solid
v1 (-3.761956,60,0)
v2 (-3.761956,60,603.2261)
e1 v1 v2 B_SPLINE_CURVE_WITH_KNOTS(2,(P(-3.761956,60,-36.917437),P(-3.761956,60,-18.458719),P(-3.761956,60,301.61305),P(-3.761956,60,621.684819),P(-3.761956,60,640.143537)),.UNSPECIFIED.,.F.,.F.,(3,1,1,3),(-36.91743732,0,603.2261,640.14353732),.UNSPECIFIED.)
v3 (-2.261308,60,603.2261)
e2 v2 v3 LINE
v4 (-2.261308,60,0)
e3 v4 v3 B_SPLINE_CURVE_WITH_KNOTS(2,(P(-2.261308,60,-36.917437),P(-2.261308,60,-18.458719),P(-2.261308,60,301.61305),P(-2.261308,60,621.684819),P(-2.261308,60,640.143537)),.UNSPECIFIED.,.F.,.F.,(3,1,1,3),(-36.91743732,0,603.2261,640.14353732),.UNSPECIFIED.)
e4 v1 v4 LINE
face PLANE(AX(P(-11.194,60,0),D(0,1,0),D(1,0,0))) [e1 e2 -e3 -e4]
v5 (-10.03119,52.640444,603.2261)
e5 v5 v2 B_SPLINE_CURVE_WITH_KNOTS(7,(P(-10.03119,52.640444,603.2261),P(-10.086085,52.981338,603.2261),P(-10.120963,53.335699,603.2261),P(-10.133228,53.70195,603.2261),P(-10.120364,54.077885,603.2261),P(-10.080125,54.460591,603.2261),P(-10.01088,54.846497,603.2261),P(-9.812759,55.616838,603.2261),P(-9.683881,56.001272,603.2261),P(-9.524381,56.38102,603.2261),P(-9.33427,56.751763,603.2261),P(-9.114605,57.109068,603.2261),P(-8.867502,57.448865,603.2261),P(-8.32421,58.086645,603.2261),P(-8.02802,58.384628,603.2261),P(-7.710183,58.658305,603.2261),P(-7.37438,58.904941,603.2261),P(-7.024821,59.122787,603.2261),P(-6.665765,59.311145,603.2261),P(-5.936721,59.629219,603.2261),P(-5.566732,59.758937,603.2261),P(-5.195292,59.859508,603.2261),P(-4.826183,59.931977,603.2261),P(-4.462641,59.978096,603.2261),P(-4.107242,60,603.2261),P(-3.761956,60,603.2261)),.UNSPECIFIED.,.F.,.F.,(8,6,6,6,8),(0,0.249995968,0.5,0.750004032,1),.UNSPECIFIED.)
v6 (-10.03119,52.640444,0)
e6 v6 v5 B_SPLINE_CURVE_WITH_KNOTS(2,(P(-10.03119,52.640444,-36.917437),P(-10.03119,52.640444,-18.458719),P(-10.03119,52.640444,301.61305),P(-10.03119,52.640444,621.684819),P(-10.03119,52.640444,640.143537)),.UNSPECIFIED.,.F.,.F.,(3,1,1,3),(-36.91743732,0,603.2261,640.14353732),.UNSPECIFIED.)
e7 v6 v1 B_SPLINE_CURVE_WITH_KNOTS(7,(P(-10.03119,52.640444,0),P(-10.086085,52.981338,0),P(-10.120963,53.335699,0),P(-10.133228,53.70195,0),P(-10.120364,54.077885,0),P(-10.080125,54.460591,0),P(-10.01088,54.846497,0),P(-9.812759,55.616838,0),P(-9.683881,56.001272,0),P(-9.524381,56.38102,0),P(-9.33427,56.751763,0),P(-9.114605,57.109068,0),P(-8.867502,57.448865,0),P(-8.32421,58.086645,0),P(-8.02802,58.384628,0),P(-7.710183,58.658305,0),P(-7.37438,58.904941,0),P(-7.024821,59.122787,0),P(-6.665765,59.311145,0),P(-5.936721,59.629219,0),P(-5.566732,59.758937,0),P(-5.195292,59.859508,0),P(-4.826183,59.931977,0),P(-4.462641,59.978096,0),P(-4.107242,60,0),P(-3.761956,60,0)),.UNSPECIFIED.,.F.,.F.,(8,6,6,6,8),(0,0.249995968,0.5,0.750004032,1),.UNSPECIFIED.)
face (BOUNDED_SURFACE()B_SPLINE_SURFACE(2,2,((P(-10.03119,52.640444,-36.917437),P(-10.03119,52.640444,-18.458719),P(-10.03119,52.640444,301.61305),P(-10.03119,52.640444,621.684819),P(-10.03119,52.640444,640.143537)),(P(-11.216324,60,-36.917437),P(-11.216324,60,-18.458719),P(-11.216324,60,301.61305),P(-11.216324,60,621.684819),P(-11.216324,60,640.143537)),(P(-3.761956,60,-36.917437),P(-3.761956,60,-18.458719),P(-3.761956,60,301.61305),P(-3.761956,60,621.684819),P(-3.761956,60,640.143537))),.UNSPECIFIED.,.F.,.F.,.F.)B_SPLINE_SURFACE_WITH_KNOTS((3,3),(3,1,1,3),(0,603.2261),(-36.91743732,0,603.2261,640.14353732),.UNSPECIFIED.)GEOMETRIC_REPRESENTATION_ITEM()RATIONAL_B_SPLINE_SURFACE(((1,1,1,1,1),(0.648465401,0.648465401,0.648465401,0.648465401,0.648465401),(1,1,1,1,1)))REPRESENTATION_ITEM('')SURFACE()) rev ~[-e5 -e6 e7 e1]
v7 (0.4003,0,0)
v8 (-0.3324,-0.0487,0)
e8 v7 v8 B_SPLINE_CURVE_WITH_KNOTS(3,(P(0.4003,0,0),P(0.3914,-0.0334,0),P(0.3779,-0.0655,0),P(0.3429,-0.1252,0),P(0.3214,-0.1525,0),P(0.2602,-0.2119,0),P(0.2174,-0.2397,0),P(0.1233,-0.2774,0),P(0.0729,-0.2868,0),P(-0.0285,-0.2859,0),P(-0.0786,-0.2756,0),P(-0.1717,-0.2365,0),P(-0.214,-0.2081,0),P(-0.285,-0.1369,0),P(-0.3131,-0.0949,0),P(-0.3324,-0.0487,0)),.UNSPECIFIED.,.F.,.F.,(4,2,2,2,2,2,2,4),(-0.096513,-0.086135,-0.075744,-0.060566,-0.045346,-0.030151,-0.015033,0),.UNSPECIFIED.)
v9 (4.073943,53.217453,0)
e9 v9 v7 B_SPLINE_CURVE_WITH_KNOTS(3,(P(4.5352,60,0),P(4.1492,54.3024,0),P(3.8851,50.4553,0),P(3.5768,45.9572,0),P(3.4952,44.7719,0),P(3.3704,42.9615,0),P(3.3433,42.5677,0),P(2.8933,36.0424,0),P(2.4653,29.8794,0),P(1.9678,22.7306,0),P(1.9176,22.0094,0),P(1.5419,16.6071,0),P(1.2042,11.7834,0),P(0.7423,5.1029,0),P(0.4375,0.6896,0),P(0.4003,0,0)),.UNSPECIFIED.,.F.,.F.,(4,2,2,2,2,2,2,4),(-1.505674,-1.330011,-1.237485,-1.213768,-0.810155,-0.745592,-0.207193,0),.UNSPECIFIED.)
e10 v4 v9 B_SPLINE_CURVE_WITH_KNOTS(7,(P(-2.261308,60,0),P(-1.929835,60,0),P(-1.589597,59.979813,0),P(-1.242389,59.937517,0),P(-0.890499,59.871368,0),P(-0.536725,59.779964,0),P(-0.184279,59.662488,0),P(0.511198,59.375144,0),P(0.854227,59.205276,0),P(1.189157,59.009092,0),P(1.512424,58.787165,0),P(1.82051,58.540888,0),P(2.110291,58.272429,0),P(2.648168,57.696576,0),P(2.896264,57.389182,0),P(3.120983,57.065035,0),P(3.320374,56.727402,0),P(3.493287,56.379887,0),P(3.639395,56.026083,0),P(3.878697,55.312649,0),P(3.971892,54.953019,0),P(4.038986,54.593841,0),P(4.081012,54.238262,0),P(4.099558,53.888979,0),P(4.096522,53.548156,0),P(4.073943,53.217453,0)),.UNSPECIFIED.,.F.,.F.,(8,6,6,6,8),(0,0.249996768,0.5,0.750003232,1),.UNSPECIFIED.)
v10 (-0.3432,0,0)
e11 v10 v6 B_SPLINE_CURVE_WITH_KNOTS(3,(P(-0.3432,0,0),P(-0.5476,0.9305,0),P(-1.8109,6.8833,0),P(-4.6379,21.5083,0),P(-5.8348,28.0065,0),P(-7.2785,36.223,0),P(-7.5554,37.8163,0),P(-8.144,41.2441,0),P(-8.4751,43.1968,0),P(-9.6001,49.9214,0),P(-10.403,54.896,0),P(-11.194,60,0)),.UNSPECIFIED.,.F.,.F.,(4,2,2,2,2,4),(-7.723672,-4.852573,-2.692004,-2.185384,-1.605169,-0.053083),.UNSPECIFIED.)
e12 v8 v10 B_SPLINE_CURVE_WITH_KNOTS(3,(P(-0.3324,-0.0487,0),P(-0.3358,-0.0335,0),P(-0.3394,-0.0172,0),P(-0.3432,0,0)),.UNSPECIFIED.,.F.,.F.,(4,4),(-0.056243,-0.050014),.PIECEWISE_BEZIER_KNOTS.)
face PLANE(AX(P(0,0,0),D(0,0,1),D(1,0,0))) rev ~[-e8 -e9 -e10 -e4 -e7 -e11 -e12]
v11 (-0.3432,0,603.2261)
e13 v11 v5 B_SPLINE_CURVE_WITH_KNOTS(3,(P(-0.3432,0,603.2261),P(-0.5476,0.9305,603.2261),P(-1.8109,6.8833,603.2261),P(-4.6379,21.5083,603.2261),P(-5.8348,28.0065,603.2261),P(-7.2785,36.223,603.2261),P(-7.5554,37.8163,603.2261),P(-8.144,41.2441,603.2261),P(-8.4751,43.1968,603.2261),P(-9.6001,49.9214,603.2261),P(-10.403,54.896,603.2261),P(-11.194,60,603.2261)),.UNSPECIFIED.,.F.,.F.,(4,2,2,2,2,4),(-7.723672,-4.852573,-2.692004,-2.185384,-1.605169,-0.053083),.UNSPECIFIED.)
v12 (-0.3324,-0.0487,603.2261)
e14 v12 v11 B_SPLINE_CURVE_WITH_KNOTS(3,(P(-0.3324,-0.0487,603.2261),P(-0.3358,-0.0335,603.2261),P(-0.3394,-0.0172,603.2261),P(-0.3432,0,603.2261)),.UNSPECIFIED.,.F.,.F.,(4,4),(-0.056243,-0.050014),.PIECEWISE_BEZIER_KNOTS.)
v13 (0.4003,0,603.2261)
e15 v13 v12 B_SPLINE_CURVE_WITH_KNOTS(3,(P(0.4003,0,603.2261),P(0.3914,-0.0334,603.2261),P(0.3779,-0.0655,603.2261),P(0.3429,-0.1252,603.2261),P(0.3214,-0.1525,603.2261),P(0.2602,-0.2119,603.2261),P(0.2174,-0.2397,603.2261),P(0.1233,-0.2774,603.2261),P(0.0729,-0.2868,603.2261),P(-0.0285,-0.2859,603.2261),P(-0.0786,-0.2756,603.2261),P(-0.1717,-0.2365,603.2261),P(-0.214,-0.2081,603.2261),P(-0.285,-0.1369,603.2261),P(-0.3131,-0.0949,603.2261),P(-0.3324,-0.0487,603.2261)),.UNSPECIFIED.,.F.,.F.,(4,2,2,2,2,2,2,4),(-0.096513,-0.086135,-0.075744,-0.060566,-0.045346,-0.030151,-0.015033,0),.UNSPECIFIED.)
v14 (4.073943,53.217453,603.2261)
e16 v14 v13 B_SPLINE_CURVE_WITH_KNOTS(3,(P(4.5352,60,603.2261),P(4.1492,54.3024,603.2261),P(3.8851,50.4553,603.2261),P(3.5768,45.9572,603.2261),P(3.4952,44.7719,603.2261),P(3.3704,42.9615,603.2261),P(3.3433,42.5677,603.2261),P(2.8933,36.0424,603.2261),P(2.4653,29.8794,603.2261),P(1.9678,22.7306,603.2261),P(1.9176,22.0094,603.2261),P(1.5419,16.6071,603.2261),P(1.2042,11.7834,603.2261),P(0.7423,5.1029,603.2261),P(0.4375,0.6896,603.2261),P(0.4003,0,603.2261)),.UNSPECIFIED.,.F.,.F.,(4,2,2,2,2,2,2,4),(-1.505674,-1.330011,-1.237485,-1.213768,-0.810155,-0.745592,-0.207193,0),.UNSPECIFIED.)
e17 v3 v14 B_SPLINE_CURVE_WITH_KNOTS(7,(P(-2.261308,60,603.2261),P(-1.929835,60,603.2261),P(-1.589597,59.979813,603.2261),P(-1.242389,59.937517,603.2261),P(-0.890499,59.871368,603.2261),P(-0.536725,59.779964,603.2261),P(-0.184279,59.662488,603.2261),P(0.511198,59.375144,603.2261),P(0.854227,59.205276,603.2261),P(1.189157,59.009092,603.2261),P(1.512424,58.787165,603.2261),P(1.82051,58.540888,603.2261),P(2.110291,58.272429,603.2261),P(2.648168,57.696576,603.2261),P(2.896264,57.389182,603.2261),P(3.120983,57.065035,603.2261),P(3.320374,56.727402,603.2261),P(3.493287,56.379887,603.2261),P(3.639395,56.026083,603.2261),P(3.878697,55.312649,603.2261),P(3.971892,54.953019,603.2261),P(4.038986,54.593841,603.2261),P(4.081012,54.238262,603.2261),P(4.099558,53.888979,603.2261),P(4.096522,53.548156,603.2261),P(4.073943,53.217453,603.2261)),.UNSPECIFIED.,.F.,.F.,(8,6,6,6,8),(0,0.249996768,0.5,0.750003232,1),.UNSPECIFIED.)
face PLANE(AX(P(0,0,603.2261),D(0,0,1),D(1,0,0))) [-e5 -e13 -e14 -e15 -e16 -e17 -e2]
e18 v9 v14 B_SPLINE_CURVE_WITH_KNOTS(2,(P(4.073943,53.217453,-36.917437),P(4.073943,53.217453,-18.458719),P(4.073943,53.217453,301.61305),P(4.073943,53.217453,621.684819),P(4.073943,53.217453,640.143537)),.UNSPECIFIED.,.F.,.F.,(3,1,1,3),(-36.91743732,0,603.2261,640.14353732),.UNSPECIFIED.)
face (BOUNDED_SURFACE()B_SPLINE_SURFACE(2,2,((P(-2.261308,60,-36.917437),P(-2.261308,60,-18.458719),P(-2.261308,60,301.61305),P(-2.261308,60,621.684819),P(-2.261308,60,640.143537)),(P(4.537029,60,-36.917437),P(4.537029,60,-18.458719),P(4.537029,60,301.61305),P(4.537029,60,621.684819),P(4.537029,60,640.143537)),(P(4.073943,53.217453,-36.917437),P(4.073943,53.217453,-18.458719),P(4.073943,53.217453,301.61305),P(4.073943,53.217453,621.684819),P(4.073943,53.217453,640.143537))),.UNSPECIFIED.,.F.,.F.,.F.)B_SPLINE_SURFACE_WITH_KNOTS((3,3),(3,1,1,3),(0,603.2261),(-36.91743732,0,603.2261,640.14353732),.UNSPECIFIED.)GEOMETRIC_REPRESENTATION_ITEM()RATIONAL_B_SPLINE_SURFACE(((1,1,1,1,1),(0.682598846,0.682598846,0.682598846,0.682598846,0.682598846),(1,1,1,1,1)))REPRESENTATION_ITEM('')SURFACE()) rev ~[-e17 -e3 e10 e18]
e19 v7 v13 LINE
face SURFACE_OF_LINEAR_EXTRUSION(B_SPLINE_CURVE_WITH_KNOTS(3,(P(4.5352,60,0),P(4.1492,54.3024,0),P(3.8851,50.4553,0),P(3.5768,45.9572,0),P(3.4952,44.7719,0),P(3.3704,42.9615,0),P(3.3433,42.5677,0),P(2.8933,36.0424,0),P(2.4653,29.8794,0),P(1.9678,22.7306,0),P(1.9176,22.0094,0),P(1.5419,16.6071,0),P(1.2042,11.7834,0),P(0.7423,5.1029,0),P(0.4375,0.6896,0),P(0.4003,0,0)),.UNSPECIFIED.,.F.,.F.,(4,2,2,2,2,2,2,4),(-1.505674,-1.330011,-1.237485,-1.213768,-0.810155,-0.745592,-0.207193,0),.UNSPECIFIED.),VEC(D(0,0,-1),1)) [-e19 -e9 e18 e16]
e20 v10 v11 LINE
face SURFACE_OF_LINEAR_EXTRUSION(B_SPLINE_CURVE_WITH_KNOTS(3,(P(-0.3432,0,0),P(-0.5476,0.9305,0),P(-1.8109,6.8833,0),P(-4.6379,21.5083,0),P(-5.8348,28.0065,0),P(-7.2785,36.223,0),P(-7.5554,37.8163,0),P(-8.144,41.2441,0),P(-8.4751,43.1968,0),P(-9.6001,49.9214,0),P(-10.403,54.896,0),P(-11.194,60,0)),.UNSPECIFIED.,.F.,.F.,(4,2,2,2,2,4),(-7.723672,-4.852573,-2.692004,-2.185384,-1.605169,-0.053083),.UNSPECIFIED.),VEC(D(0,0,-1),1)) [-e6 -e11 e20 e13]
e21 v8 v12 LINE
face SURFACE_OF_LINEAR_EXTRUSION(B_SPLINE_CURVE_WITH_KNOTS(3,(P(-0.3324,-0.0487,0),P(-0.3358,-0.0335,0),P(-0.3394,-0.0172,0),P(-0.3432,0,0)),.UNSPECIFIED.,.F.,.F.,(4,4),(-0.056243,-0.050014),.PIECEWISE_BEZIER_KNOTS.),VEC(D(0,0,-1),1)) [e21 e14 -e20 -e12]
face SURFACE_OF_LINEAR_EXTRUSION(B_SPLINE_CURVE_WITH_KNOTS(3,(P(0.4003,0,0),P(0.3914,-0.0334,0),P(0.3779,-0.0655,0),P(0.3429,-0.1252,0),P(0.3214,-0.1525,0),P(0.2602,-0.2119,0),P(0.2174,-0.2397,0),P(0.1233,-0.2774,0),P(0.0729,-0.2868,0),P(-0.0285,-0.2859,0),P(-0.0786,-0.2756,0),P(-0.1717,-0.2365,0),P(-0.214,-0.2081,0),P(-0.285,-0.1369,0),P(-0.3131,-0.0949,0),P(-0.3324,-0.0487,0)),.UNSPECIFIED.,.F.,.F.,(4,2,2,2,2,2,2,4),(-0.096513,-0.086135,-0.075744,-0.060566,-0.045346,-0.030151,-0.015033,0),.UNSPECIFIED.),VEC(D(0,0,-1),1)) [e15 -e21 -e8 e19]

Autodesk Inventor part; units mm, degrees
ref_plane "YZ Plane" through (0, 0, 0) normal (1, 0, 0) x (0, 1, 0)
ref_plane "XZ Plane" through (0, 0, 0) normal (0, 1, 0) x (-1, 0, 0)
ref_plane "Work Plane1" through (0, 0, 0) normal (0, 0, 1) x (1, 0, 0)
sketch "Sketch1" plane through (0, 0, 0) normal (0, 0, 1) x (1, 0, 0)
  spline S0 degree 3 poles (-0.3432, 0) (-0.5476, 0.9305) (-1.8109, 6.8833) (-4.6379, 21.5083) (-5.8348, 28.0065) (-7.2785, 36.223) (-7.5554, 37.8163) (-8.144, 41.2441) (-8.4751, 43.1968) (-9.6001, 49.9214) (-10.403, 54.896) (-11.194, 60) knots -7.723672 -7.723672 -7.723672 -7.723672 -4.852573 -4.852573 -2.692004 -2.692004 -2.185384 -2.185384 -1.605169 -1.605169 -0.053083 -0.053083 -0.053083 -0.053083 projected
  spline S1 degree 3 poles (-0.3324, -0.0487) (-0.3358, -0.0335) (-0.3394, -0.0172) (-0.3432, 0) knots -0.056243 -0.056243 -0.056243 -0.056243 -0.050014 -0.050014 -0.050014 -0.050014 projected
  spline S2 degree 3 poles (0.4003, 0) (0.3914, -0.0334) (0.3779, -0.0655) (0.3429, -0.1252) (0.3214, -0.1525) (0.2602, -0.2119) (0.2174, -0.2397) (0.1233, -0.2774) (0.0729, -0.2868) (-0.0285, -0.2859) (-0.0786, -0.2756) (-0.1717, -0.2365) (-0.214, -0.2081) (-0.285, -0.1369) (-0.3131, -0.0949) (-0.3324, -0.0487) knots -0.096513 -0.096513 -0.096513 -0.096513 -0.086135 -0.086135 -0.075744 -0.075744 -0.060566 -0.060566 -0.045346 -0.045346 -0.030151 -0.030151 -0.015033 -0.015033 0 0 0 0 projected
  spline S3 degree 3 poles (4.5352, 60) (4.1492, 54.3024) (3.8851, 50.4553) (3.5768, 45.9572) (3.4952, 44.7719) (3.3704, 42.9615) (3.3433, 42.5677) (2.8933, 36.0424) (2.4653, 29.8794) (1.9678, 22.7306) (1.9176, 22.0094) (1.5419, 16.6071) (1.2042, 11.7834) (0.7423, 5.1029) (0.4375, 0.6896) (0.4003, 0) knots -1.505674 -1.505674 -1.505674 -1.505674 -1.330011 -1.330011 -1.237485 -1.237485 -1.213768 -1.213768 -0.810155 -0.810155 -0.745592 -0.745592 -0.207193 -0.207193 0 0 0 0 projected
  line L0 (-11.194, 60) -> (4.5352, 60) projected
  point P0 (0, 0)
ref_plane "Work Plane2" through (-0.5511, 59.985, 603.2266) normal (-0.0007, 0, -1) x (-1, 0.0063, 0.0007)
sketch "Sketch2" plane through (-0.5511, 59.985, 603.2266) normal (-0.0007, 0, -1) x (-1, 0.0063, 0.0007)
  spline S0 degree 3 poles (10.5494, 0) (10.2293, -2.2481) (9.8995, -4.4964) (9.1887, -9.2246) (8.8031, -11.7217) (7.617, -19.2349) (6.7636, -24.413) (5.6798, -30.7739) (5.4357, -32.1924) (4.488, -37.646) (3.7345, -41.8662) (1.487, -53.9406) (0.6091, -57.9871) (0.1466, -60) knots -1.758139 -1.758139 -1.758139 -1.758139 -1.591949 -1.591949 -1.406575 -1.406575 -1.02993 -1.02993 -0.92277 -0.92277 -0.615604 -0.615604 -0.003901 -0.003901 -0.003901 -0.003901 projected
  line L0 (-4.5586, 0) -> (10.5494, 0) projected
  spline S1 degree 3 poles (-0.4384, -60) (-0.5115, -58.4166) (-0.6219, -56.3988) (-0.8889, -51.9428) (-1.0365, -49.6525) (-1.4591, -43.3117) (-1.7767, -38.8185) (-2.2573, -32.1106) (-2.4709, -29.16) (-2.7817, -24.8733) (-2.8913, -23.3626) (-3.3521, -17.0005) (-3.6389, -13.0261) (-3.987, -8.1315) (-4.0258, -7.5846) (-4.2301, -4.7006) (-4.3955, -2.346) (-4.5586, 0) knots -6.638256 -6.638256 -6.638256 -6.638256 -5.879486 -5.879486 -5.125599 -5.125599 -3.729436 -3.729436 -2.742881 -2.742881 -2.242014 -2.242014 -0.922307 -0.922307 -0.757416 -0.757416 -0.052368 -0.052368 -0.052368 -0.052368 projected
  spline S2 degree 3 poles (0.1378, -60.0383) (0.1276, -60.0613) (0.1145, -60.083) (0.0834, -60.1227) (0.0654, -60.1405) (0.0137, -60.1806) (-0.0226, -60.1987) (-0.1, -60.22) (-0.1405, -60.223) (-0.2203, -60.2134) (-0.2588, -60.2008) (-0.3286, -60.1618) (-0.3593, -60.1358) (-0.4088, -60.0736) (-0.4273, -60.0381) (-0.4384, -60) knots -0.075123 -0.075123 -0.075123 -0.075123 -0.067561 -0.067561 -0.059991 -0.059991 -0.047948 -0.047948 -0.035886 -0.035886 -0.023859 -0.023859 -0.011899 -0.011899 0 0 0 0 projected
  spline S3 degree 3 poles (0.1466, -60) (0.1437, -60.0128) (0.1407, -60.0255) (0.1378, -60.0383) knots -0.00392 -0.00392 -0.00392 -0.00392 0 0 0 0 projected
  point P0 (-1.322, -59.9791)
ref_plane "Work Plane3" through (0, 60, 0) normal (0, -1, 0) x (-1, 0, 0)
sketch "Sketch3" plane through (0, 60, 0) normal (0, -1, 0) x (-1, 0, 0)
  line L0 (-4.5585, -602.272) -> (10.5506, -602.272) projected
  spline S0 degree 3 poles (11.194, 0) (11.0061, -196.1225) (10.7842, -410.86) (10.5506, -602.272) knots -57.533814 -57.533814 -57.533814 -57.533814 -0.145819 -0.145819 -0.145819 -0.145819 projected
  line L1 (11.194, 0) -> (-4.5352, 0) projected
  spline S1 degree 3 poles (-4.5585, -602.272) (-4.5373, -395.7385) (-4.5305, -201.8279) (-4.5352, 0) knots -60.602558 -60.602558 -60.602558 -60.602558 -0.050245 -0.050245 -0.050245 -0.050245 projected
  point P0 (0, 0)
ref_plane "Work Plane4" through (0, 0, 0) normal (0, 0, 1) x (1, 0, 0)
sketch "Sketch4" plane through (0, 0, 0) normal (0, 0, 1) x (1, 0, 0)
  spline S0 degree 3 poles (-0.3432, 0) (-0.5476, 0.9305) (-1.8109, 6.8833) (-4.6379, 21.5083) (-5.8348, 28.0065) (-7.2785, 36.223) (-7.5554, 37.8163) (-8.144, 41.2441) (-8.4751, 43.1968) (-9.6001, 49.9214) (-10.403, 54.896) (-11.194, 60) knots -7.723672 -7.723672 -7.723672 -7.723672 -4.852573 -4.852573 -2.692004 -2.692004 -2.185384 -2.185384 -1.605169 -1.605169 -0.053083 -0.053083 -0.053083 -0.053083 projected
  spline S1 degree 3 poles (-0.3324, -0.0487) (-0.3358, -0.0335) (-0.3394, -0.0172) (-0.3432, 0) knots -0.056243 -0.056243 -0.056243 -0.056243 -0.050014 -0.050014 -0.050014 -0.050014 projected
  spline S2 degree 3 poles (0.4003, 0) (0.3914, -0.0334) (0.3779, -0.0655) (0.3429, -0.1252) (0.3214, -0.1525) (0.2602, -0.2119) (0.2174, -0.2397) (0.1233, -0.2774) (0.0729, -0.2868) (-0.0285, -0.2859) (-0.0786, -0.2756) (-0.1717, -0.2365) (-0.214, -0.2081) (-0.285, -0.1369) (-0.3131, -0.0949) (-0.3324, -0.0487) knots -0.096513 -0.096513 -0.096513 -0.096513 -0.086135 -0.086135 -0.075744 -0.075744 -0.060566 -0.060566 -0.045346 -0.045346 -0.030151 -0.030151 -0.015033 -0.015033 0 0 0 0 projected
  spline S3 degree 3 poles (4.5352, 60) (4.1492, 54.3024) (3.8851, 50.4553) (3.5768, 45.9572) (3.4952, 44.7719) (3.3704, 42.9615) (3.3433, 42.5677) (2.8933, 36.0424) (2.4653, 29.8794) (1.9678, 22.7306) (1.9176, 22.0094) (1.5419, 16.6071) (1.2042, 11.7834) (0.7423, 5.1029) (0.4375, 0.6896) (0.4003, 0) knots -1.505674 -1.505674 -1.505674 -1.505674 -1.330011 -1.330011 -1.237485 -1.237485 -1.213768 -1.213768 -0.810155 -0.810155 -0.745592 -0.745592 -0.207193 -0.207193 0 0 0 0 projected
  line L0 (-11.194, 60) -> (4.5352, 60) projected
  point P0 (0, 0)
ref_plane "Work Plane5" through (-11.4796, -0.2671, 603.2336) normal (-0.0007, 0, -1) x (0.0063, 1, 0)
extrude "Extrusion1" add sketch "Sketch4" along normal up to surface (603.2261 mm away)
fillet "Fillet1" radius 6.35 2 edges at (-11.194, 60, 301.6131) (4.5352, 60, 301.6131)
properties part number "Aleiron"
